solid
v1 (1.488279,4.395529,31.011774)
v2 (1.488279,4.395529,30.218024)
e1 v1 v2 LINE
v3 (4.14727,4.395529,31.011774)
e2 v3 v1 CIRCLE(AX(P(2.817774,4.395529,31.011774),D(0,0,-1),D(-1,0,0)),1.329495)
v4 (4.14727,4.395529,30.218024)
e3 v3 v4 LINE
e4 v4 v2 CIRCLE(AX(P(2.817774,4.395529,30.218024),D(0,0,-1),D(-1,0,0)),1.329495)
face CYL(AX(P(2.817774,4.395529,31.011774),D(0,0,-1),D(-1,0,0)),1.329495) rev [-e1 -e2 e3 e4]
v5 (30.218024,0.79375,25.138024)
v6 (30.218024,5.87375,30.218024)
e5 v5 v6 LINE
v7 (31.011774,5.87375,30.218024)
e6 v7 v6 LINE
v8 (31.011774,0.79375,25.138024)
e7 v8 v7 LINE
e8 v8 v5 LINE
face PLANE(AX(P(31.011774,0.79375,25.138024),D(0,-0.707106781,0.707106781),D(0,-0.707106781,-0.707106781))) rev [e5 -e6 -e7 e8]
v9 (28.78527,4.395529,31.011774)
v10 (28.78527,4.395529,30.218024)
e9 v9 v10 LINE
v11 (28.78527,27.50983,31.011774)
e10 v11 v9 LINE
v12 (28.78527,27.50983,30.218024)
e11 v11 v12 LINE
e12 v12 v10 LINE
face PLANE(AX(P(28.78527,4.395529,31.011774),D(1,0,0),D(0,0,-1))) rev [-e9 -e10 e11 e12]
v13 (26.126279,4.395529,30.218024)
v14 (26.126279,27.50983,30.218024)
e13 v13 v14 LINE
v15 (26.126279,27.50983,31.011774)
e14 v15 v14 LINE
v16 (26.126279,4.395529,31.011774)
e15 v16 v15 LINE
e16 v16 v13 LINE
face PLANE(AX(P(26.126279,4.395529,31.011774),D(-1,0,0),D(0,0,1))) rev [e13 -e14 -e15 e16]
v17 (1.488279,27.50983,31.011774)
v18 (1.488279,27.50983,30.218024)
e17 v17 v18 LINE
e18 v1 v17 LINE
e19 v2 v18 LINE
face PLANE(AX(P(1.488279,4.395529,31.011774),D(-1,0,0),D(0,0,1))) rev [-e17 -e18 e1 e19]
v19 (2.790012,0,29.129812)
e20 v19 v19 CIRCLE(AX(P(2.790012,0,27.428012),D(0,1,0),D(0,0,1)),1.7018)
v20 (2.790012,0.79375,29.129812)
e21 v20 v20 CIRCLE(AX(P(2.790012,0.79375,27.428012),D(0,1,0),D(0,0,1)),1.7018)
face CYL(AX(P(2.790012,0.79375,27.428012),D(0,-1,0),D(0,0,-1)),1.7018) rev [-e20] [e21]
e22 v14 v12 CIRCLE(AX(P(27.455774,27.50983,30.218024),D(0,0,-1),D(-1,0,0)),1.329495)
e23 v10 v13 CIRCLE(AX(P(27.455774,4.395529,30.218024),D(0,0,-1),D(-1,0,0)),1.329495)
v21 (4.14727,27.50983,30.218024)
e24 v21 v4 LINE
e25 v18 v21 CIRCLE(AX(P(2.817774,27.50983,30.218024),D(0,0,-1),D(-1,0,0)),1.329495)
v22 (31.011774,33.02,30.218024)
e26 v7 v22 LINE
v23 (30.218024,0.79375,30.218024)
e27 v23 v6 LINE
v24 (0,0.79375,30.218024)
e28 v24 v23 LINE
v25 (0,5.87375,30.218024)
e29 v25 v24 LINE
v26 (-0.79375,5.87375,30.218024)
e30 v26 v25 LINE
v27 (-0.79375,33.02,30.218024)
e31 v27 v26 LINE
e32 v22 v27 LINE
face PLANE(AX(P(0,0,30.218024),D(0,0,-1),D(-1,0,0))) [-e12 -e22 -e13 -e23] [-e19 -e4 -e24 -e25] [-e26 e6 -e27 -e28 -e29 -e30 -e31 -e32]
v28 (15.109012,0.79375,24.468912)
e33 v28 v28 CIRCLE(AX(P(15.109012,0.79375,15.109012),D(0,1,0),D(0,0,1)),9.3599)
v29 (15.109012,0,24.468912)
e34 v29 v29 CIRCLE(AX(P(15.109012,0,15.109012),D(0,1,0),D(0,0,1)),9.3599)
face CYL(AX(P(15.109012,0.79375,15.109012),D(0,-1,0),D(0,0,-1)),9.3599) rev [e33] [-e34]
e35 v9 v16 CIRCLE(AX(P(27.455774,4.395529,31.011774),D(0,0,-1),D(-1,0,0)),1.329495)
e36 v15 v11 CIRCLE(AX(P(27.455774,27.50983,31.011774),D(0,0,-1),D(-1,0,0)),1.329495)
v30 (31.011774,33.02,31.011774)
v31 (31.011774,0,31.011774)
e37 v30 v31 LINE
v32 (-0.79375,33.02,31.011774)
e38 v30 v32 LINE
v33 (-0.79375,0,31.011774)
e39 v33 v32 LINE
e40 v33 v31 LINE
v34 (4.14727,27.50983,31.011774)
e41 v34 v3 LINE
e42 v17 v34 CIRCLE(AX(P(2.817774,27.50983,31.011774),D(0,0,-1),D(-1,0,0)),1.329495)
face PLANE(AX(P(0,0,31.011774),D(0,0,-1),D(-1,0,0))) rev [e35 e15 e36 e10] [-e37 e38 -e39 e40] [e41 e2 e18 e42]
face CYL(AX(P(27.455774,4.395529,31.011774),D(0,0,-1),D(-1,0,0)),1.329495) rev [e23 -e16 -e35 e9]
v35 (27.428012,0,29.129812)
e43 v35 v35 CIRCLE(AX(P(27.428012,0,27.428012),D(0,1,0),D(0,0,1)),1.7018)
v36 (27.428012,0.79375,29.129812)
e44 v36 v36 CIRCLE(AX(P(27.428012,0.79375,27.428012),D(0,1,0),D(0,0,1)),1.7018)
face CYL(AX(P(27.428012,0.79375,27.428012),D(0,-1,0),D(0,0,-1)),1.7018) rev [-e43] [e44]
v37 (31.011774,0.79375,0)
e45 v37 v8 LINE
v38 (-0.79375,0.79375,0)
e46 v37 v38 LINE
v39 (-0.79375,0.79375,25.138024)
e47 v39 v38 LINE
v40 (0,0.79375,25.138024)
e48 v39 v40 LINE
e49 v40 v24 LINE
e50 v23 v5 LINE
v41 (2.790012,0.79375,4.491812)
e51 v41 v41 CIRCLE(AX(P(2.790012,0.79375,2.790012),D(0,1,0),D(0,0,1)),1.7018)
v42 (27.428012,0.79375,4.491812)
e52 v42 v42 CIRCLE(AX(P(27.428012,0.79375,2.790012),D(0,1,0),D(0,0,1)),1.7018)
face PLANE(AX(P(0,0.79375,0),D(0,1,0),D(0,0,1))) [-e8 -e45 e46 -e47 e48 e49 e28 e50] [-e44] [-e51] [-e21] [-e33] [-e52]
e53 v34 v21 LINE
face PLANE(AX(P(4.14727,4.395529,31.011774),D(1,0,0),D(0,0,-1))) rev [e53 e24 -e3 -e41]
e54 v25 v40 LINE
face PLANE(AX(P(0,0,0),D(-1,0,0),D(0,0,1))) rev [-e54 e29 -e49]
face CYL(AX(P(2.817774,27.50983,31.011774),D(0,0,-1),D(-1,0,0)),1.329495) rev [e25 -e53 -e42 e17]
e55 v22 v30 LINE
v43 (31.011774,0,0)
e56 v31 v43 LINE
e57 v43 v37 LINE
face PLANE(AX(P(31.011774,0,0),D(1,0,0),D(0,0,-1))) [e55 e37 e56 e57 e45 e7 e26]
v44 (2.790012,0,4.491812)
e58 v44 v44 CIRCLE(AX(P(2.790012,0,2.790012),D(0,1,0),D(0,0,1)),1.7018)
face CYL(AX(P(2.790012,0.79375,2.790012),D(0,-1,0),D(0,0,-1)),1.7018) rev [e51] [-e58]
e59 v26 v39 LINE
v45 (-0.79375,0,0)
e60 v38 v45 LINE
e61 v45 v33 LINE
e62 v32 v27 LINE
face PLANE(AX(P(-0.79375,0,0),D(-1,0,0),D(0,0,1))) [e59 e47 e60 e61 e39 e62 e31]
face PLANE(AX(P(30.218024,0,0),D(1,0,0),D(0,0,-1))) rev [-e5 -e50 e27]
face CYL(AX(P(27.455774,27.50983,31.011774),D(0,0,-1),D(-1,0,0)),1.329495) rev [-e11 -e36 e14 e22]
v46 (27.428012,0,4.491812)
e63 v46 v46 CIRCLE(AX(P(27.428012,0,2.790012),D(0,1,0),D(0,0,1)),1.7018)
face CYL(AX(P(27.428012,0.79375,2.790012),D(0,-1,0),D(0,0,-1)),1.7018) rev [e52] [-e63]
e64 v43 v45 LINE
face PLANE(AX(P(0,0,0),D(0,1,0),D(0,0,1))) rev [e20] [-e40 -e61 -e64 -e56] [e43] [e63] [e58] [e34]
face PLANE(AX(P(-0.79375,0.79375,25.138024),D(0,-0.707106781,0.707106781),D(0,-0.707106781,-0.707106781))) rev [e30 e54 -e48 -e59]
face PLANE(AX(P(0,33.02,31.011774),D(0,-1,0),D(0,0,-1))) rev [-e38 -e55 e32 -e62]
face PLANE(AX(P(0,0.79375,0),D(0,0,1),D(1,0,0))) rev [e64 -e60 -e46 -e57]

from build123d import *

# Parameters (mm, degrees)
SKETCH1_W           = 30.2180244
SKETCH1_H           = 30.2180244
SKETCH1_R           = 9.3599
SKETCH1_R_2         = 1.7018
BOSS_EXTRUDE1_DEPTH = 0.79375
SKETCH2_W           = 30.2180244
SKETCH2_H           = 33.02
BOSS_EXTRUDE2_DEPTH = 0.79375
BOSS_EXTRUDE3_DEPTH = 0.79375
BOSS_EXTRUDE4_DEPTH = 0.79375
CUT_EXTRUDE1_DEPTH  = 55.453462241


with BuildPart() as part:
    # Sketch1 → Boss-Extrude1 (new body)
    with BuildSketch(Plane(origin=(0, 0, 0), x_dir=(1, 0, 0), z_dir=(0, 1, 0))):
        with Locations((15.1090122, -15.1090122)):
            Rectangle(SKETCH1_W, SKETCH1_H)
        with Locations(Location((15.1090122, -15.1090122, 0), (0, 0, 270))):
            Circle(SKETCH1_R, mode=Mode.SUBTRACT)
        with Locations(Location((2.7900122, -2.7900122, 0), (0, 0, 270))):
            Circle(SKETCH1_R_2, mode=Mode.SUBTRACT)
        with Locations(Location((27.4280122, -2.7900122, 0), (0, 0, 270))):
            Circle(SKETCH1_R_2, mode=Mode.SUBTRACT)
        with Locations(Location((27.4280122, -27.4280122, 0), (0, 0, 270))):
            Circle(SKETCH1_R_2, mode=Mode.SUBTRACT)
        with Locations(Location((2.7900122, -27.4280122, 0), (0, 0, 270))):
            Circle(SKETCH1_R_2, mode=Mode.SUBTRACT)
    extrude(amount=BOSS_EXTRUDE1_DEPTH)

    # Sketch2 → Boss-Extrude2 (add)
    with BuildSketch(Plane.XY.offset(30.2180244)):
        with Locations((15.1090122, 16.51)):
            Rectangle(SKETCH2_W, SKETCH2_H)
    extrude(amount=BOSS_EXTRUDE2_DEPTH)

    # Sketch3 → Boss-Extrude3 (add)
    with BuildSketch(Plane(origin=(30.2180244, 0, 0), x_dir=(0, 0, -1), z_dir=(1, 0, 0))):
        Polygon((-25.1380244, 0.79375), (-30.2180244, 5.87375), (-30.2180244, 33.02), (-31.0117744, 33.02), (-31.0117744, 0), (0, 0), (0, 0.79375), align=None)
    extrude(amount=BOSS_EXTRUDE3_DEPTH)

    # Sketch4 → Boss-Extrude4 (add)
    with BuildSketch(Plane.ZY):
        Polygon((25.1380244, 0.79375), (30.2180244, 5.87375), (30.2180244, 33.02), (31.0117744, 33.02), (31.0117744, 0), (0, 0), (0, 0.79375), align=None)
    extrude(amount=BOSS_EXTRUDE4_DEPTH)

    # Sketch5 → Cut-Extrude1 (cut, through all)
    with BuildSketch(Plane(origin=(0, 0, 30.2180244), x_dir=(-1, 0, 0), z_dir=(0, 0, -1))):
        with BuildLine():
            Line((-4.147269761, 4.395528514), (-4.147269761, 27.509830099))
            ThreePointArc((-4.147269761, 27.509830099), (-2.8177744, 28.83932546), (-1.488279039, 27.509830099))
            Line((-1.488279039, 27.509830099), (-1.488279039, 4.395528514))
            ThreePointArc((-1.488279039, 4.395528514), (-2.8177744, 3.066033153), (-4.147269761, 4.395528514))
        make_face()
        with BuildLine():
            Line((-28.785269761, 4.395528514), (-28.785269761, 27.509830099))
            ThreePointArc((-28.785269761, 27.509830099), (-27.4557744, 28.83932546), (-26.126279039, 27.509830099))
            Line((-26.126279039, 27.509830099), (-26.126279039, 4.395528514))
            ThreePointArc((-26.126279039, 4.395528514), (-27.4557744, 3.066033153), (-28.785269761, 4.395528514))
        make_face()
    extrude(amount=-CUT_EXTRUDE1_DEPTH, mode=Mode.SUBTRACT)


solid = part.part
